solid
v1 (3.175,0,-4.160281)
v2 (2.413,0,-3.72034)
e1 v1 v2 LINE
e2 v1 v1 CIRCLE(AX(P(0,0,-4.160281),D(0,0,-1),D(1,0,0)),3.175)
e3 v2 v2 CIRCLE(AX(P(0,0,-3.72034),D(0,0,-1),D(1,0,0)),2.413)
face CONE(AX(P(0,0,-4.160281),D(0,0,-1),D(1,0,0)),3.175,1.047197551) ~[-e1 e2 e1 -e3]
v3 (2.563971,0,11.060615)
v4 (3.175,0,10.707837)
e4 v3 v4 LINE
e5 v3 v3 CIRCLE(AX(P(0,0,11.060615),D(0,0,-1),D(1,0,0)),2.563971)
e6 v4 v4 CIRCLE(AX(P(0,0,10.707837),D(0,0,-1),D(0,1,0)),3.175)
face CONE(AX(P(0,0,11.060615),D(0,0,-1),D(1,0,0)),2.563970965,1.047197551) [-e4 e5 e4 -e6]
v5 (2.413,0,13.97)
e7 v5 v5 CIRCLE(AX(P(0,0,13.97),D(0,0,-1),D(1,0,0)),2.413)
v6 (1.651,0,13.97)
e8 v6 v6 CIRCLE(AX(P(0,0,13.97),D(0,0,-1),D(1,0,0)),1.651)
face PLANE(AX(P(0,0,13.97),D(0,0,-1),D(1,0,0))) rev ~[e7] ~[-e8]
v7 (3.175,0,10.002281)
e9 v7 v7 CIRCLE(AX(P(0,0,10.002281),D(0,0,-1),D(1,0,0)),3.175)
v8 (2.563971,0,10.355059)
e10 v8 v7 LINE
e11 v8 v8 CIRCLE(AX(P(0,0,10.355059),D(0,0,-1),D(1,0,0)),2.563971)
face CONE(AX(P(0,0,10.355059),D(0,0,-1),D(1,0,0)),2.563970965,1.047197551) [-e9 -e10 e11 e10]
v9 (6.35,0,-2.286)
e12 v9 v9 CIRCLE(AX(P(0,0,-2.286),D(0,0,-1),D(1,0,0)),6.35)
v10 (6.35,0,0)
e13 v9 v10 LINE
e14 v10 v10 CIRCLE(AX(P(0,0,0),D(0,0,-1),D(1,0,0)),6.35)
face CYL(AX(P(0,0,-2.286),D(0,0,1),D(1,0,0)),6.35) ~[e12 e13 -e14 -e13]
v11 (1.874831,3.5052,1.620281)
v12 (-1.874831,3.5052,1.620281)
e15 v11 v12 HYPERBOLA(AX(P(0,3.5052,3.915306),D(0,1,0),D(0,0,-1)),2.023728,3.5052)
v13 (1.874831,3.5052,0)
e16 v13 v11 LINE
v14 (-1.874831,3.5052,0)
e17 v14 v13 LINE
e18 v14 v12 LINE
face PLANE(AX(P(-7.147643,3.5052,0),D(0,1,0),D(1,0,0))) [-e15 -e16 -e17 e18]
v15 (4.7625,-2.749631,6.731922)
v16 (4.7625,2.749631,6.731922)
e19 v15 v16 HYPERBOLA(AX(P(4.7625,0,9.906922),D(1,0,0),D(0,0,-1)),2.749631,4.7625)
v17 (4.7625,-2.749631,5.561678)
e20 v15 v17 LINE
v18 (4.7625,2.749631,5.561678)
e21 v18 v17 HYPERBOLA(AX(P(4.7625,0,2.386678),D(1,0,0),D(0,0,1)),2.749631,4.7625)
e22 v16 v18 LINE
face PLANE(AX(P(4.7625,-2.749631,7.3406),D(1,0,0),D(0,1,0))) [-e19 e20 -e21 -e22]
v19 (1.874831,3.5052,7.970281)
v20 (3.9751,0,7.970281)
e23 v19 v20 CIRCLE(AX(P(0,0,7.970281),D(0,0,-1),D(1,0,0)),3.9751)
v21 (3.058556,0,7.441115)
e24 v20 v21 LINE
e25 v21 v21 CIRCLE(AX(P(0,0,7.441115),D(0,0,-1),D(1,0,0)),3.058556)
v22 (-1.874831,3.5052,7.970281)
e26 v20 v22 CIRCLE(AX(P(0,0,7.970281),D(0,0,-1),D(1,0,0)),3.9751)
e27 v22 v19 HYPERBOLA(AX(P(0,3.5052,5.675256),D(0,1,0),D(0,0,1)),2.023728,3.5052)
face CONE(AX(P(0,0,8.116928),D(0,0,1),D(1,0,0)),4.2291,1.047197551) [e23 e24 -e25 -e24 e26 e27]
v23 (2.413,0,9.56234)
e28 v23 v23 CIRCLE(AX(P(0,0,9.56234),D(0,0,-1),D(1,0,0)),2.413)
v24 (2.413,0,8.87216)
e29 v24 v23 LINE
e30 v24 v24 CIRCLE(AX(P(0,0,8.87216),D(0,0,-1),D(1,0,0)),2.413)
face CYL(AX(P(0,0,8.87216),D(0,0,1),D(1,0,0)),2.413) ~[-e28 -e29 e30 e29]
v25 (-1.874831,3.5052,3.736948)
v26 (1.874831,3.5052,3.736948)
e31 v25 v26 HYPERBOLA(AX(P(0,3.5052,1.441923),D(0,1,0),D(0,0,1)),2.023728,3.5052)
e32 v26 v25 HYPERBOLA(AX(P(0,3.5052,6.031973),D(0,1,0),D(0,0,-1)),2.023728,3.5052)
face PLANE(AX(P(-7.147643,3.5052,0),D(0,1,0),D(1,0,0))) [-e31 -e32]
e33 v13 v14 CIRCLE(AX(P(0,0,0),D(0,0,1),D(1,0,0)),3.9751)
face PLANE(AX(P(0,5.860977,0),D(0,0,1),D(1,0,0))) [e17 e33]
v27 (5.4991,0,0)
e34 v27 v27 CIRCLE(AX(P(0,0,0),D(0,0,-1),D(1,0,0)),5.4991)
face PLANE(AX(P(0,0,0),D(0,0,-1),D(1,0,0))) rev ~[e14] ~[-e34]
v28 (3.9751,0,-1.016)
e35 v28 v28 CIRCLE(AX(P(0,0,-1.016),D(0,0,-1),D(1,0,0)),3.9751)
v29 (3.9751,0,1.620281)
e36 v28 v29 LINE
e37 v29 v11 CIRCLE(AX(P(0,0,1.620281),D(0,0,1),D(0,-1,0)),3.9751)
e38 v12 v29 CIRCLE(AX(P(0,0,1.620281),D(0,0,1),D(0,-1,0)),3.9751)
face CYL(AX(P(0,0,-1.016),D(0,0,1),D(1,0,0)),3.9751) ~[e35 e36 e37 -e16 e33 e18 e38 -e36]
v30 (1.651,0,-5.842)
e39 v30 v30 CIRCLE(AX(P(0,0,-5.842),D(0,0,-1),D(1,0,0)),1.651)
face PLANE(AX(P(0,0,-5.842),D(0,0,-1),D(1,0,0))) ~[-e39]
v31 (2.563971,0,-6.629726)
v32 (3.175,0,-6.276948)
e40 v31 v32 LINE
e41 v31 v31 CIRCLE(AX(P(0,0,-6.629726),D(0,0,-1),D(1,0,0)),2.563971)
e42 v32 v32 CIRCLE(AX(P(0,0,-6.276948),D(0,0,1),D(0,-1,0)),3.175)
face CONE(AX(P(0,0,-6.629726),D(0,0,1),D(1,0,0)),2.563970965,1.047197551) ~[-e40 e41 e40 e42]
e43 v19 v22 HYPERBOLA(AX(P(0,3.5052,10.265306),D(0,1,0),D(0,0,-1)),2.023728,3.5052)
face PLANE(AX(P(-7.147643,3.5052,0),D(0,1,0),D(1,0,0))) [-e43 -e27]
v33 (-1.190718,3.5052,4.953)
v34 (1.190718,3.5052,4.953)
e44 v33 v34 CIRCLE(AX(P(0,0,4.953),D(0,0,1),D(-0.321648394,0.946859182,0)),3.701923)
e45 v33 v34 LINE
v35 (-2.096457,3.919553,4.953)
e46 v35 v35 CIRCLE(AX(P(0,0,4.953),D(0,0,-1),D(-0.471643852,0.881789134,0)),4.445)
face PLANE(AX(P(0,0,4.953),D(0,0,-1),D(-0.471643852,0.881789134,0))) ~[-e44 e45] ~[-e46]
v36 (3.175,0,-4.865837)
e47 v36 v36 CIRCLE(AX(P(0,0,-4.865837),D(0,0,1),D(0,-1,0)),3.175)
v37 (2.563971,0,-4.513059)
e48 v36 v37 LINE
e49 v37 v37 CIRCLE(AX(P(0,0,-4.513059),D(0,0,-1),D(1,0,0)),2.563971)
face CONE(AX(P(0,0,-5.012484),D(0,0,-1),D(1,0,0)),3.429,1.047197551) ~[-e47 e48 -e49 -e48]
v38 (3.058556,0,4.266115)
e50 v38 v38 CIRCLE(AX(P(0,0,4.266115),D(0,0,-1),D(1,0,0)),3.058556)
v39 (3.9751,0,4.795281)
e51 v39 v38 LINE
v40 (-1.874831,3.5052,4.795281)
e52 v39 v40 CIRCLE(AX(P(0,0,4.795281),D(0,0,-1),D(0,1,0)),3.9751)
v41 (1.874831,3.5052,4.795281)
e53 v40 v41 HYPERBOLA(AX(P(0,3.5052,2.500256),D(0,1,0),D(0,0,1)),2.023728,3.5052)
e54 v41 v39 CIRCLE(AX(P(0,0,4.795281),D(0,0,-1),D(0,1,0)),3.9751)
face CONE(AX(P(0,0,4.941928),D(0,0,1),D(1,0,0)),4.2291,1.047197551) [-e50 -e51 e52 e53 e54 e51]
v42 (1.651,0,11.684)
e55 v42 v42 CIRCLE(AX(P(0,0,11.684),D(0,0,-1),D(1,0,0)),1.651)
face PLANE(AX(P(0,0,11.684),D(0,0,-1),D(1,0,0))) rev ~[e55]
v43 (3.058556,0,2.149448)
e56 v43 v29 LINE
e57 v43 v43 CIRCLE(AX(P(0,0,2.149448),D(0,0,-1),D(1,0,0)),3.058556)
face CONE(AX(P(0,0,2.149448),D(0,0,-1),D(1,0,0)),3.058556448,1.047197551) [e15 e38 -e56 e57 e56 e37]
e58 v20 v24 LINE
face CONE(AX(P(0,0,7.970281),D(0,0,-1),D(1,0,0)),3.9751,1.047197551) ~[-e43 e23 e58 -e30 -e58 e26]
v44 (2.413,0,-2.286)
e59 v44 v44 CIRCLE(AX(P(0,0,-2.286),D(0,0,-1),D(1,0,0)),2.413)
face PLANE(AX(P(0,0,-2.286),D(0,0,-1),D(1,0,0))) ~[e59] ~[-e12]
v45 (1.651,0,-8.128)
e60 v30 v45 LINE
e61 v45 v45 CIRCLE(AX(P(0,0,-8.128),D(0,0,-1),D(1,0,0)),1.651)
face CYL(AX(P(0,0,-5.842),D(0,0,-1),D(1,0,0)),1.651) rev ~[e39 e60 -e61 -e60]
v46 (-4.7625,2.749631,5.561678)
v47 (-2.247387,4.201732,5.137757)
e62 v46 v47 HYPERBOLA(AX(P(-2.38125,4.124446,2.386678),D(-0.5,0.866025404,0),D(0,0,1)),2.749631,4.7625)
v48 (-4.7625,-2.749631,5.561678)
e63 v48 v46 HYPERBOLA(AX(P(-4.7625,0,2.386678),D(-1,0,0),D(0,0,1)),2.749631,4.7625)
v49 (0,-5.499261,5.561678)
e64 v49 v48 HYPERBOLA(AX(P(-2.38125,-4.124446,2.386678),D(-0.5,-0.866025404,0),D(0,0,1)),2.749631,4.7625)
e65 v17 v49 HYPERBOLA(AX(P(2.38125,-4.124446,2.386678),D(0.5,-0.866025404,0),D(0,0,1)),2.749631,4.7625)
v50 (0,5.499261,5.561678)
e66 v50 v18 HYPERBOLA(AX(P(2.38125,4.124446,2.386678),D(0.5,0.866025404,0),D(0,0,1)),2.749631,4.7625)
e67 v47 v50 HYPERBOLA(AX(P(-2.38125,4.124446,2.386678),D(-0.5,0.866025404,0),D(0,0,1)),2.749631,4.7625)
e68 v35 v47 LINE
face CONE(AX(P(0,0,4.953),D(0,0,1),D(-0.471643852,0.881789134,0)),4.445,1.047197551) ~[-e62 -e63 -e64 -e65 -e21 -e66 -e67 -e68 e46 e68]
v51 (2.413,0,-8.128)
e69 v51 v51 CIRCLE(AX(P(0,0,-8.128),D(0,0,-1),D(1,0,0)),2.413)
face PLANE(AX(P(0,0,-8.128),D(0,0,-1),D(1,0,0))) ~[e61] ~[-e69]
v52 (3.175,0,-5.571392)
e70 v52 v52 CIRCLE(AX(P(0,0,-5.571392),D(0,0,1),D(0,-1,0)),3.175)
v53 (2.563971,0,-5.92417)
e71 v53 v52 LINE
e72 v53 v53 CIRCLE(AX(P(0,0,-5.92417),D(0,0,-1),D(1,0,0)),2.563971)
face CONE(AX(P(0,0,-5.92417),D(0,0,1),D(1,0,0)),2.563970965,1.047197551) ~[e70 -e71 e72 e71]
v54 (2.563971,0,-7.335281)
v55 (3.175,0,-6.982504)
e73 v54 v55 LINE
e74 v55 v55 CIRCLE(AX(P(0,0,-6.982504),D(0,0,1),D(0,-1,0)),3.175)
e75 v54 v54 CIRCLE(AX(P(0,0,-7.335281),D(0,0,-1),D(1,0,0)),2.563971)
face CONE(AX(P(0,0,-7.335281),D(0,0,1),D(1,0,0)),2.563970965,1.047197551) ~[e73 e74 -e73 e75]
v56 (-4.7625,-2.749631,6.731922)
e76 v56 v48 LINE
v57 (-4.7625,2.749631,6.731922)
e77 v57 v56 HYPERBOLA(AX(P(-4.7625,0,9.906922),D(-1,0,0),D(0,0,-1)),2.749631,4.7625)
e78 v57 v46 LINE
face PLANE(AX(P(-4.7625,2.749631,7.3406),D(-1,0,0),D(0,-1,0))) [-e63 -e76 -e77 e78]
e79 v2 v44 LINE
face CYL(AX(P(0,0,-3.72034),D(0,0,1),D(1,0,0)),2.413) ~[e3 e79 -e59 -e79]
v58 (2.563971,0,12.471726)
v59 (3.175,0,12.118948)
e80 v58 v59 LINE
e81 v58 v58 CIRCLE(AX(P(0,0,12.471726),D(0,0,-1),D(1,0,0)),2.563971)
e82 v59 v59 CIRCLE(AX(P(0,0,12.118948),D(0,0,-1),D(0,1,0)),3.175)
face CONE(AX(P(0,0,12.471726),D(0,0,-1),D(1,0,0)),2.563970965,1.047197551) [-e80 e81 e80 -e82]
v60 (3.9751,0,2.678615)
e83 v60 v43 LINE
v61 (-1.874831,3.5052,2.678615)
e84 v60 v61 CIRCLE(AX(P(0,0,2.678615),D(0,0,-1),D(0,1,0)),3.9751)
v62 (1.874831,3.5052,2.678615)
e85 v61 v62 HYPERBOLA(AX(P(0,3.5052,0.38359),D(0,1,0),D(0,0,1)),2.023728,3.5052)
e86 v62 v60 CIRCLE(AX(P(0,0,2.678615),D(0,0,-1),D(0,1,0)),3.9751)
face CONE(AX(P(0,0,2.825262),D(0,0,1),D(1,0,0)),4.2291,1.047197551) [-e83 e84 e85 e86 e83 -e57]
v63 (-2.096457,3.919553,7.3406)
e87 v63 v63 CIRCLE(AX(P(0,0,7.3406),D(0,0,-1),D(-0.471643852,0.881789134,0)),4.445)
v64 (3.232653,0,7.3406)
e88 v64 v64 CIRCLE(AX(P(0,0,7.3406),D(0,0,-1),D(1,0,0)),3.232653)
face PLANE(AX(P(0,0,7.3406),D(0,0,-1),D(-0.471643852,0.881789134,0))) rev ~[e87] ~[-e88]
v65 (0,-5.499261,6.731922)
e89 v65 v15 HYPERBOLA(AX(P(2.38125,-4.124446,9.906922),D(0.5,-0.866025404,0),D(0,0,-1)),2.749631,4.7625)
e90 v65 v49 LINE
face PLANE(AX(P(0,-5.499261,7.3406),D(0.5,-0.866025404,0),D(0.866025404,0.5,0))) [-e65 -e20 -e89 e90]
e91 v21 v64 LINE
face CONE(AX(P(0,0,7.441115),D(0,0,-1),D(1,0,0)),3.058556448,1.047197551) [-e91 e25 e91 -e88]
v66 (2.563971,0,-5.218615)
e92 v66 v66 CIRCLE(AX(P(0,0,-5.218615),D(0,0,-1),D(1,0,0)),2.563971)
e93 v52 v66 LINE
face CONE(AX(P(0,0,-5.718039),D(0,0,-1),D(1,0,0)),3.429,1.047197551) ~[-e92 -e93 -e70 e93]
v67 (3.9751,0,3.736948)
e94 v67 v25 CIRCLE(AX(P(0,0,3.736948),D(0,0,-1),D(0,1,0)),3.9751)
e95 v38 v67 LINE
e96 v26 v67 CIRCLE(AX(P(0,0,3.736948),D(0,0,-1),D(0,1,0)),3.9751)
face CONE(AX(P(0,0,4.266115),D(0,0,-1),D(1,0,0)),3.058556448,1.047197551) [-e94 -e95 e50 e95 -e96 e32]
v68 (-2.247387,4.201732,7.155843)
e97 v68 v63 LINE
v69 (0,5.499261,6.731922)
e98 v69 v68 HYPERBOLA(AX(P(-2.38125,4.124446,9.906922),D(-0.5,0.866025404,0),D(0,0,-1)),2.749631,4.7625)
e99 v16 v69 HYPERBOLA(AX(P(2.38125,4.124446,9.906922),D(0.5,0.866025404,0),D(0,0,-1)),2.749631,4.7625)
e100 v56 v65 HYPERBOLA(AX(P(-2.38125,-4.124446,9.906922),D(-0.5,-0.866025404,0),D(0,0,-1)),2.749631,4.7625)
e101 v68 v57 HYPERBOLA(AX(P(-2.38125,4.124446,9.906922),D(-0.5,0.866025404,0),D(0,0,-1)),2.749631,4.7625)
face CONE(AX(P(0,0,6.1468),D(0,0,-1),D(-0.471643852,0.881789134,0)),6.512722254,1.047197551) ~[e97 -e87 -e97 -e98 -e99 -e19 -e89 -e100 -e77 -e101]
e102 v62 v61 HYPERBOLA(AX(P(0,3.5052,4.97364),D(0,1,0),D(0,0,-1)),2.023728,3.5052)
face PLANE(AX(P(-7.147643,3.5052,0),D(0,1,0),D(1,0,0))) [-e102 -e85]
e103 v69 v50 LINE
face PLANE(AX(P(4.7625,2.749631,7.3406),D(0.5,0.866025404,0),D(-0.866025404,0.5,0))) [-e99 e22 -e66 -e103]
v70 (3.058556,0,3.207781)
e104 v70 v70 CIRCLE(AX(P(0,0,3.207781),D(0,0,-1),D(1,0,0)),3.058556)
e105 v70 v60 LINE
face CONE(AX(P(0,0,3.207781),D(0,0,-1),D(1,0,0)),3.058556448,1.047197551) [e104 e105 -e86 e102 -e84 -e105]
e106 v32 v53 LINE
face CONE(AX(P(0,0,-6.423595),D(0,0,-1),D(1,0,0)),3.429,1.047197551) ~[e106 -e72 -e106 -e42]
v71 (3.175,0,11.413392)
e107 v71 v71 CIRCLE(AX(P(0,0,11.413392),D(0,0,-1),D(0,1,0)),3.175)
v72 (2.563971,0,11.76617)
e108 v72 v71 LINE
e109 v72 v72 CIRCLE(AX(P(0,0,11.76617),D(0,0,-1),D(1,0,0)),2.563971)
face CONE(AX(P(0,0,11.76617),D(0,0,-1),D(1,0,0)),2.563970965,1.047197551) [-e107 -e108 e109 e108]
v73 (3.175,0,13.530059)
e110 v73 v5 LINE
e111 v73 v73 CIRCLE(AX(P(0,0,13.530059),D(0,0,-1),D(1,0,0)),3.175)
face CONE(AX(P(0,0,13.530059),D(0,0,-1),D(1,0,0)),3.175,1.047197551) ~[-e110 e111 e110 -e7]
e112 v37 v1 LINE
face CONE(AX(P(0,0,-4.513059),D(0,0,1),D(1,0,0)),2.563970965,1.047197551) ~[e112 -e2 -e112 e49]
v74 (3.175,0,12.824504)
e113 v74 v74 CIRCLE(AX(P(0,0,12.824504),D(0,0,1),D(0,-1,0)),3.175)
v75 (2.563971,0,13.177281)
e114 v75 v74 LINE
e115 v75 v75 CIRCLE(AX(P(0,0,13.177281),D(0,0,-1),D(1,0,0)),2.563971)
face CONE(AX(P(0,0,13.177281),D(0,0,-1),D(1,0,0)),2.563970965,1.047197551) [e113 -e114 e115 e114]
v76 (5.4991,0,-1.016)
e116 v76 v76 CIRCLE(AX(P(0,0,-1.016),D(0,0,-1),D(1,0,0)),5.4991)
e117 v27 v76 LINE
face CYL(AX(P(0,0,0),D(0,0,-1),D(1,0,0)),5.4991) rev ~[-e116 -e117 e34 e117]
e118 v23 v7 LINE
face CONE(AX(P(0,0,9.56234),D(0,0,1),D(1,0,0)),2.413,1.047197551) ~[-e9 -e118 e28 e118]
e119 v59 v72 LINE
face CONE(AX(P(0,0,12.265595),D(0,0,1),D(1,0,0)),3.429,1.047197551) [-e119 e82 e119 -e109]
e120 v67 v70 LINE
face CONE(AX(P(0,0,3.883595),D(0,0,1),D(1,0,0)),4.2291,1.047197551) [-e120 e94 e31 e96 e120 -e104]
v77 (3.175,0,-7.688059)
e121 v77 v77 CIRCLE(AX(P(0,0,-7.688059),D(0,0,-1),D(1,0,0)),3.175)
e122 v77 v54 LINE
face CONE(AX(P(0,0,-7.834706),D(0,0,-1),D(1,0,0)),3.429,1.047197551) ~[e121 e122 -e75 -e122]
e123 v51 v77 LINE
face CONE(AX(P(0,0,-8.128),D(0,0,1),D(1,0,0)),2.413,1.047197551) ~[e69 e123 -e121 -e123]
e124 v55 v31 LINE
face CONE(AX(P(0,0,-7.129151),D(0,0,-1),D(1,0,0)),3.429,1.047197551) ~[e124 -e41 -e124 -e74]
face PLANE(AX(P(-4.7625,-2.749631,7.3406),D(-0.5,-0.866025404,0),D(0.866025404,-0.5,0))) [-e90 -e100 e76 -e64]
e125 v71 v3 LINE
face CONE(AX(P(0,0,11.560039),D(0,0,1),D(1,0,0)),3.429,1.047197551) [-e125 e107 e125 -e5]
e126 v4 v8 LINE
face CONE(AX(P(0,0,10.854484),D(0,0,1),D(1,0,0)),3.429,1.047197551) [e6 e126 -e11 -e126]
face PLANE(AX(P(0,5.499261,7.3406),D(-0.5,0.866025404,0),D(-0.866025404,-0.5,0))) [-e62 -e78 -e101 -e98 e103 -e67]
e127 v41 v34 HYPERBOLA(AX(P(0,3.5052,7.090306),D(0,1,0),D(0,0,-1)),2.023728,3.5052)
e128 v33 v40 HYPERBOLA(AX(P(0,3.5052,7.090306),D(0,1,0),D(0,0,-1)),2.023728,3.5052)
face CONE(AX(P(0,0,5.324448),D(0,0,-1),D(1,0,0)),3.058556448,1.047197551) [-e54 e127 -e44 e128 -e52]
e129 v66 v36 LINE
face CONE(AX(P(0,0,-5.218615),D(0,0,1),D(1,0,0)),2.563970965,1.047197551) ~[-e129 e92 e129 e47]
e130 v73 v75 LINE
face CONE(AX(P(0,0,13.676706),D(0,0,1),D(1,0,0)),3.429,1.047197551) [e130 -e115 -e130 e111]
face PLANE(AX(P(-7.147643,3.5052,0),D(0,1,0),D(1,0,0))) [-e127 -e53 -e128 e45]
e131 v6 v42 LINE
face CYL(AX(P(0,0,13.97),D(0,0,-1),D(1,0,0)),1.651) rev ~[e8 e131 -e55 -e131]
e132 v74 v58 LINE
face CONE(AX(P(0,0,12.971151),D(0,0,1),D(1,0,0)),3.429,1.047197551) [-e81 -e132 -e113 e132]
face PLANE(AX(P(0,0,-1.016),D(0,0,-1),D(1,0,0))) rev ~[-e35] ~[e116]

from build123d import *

# Parameters (mm, degrees)
LPATTERN1_COUNT    = 5
LPATTERN1_PITCH    = 0.705555556
LPATTERN2_COUNT    = 5
LPATTERN2_PITCH    = 0.705555556
LPATTERN3_COUNT    = 6
LPATTERN3_PITCH    = 1.058333333
SKETCH5_W          = 14.29528521
SKETCH5_H          = 4.711554676
CUT_EXTRUDE1_DEPTH = 17.607404975
SKETCH7_OUTSIDE_W  = 20.78
SKETCH7_OUTSIDE_H  = 20.78
CUT_EXTRUDE2_DEPTH = 2.54


with BuildPart() as part:
    # Sketch1 → Revolve1 (revolve)
    with BuildSketch(Plane(origin=(0, 0, 0), x_dir=(0, 0, -1), z_dir=(1, 0, 0)), mode=Mode.PRIVATE) as revolve1_sk:
        Polygon((-11.684, 0), (5.842, 0), (5.842, 1.651), (8.128, 1.651), (8.128, 2.413), (7.688059095, 3.175), (4.160281317, 3.175), (3.720340412, 2.413), (2.286, 2.413), (2.286, 6.35), (0, 6.35), (0, 5.4991), (1.016, 5.4991), (1.016, 3.9751), (-7.970281317, 3.9751), (-8.872160173, 2.413), (-9.562340412, 2.413), (-10.002281317, 3.175), (-13.530059095, 3.175), (-13.97, 2.413), (-13.97, 1.651), (-11.684, 1.651), align=None)
    revolve(revolve1_sk.sketch.rotate(Axis((0, 0, -16.242320186), (0, 0, -1)), 90), axis=Axis((0, 0, -16.242320186), (0, 0, -1)))

    # Sketch2 → Cut-Revolve1 (revolve, cut)
    with BuildSketch(Plane(origin=(0, 0, 0), x_dir=(0, 0, -1), z_dir=(1, 0, 0)), mode=Mode.PRIVATE) as cut_revolve1_sk:
        Polygon((7.834706063, 3.429), (7.335281317, 2.563970965), (6.835856571, 3.429), align=None)
    cut_revolve1 = revolve(cut_revolve1_sk.sketch.rotate(Axis((0, 0, 15.0749), (0, 0, -1)), 90), axis=Axis((0, 0, 15.0749), (0, 0, -1)), mode=Mode.SUBTRACT)

    # LPattern1: Cut-Revolve1 ×5
    with Locations(*[(0, 0, i * LPATTERN1_PITCH) for i in range(1, LPATTERN1_COUNT)]):
        add(cut_revolve1, mode=Mode.SUBTRACT)

    # Sketch3 → Cut-Revolve2 (revolve, cut)
    with BuildSketch(Plane(origin=(0, 0, 0), x_dir=(0, 0, -1), z_dir=(1, 0, 0)), mode=Mode.PRIVATE) as cut_revolve2_sk:
        Polygon((-13.177281317, 2.563970965), (-12.677856571, 3.429), (-13.676706063, 3.429), align=None)
    cut_revolve2 = revolve(cut_revolve2_sk.sketch.rotate(Axis((0, 0, 15.0749), (0, 0, -1)), 90), axis=Axis((0, 0, 15.0749), (0, 0, -1)), mode=Mode.SUBTRACT)

    # LPattern2: Cut-Revolve2 ×5
    with Locations(*[(0, 0, -i * LPATTERN2_PITCH) for i in range(1, LPATTERN2_COUNT)]):
        add(cut_revolve2, mode=Mode.SUBTRACT)

    # Sketch4 → Cut-Revolve3 (revolve, cut)
    with BuildSketch(Plane(origin=(0, 0, 0), x_dir=(0, 0, -1), z_dir=(1, 0, 0)), mode=Mode.PRIVATE) as cut_revolve3_sk:
        Polygon((-7.44111465, 3.058556448), (-6.765301015, 4.2291), (-8.116928285, 4.2291), align=None)
    cut_revolve3 = revolve(cut_revolve3_sk.sketch.rotate(Axis((0, 0, 15.0749), (0, 0, -1)), 90), axis=Axis((0, 0, 15.0749), (0, 0, -1)), mode=Mode.SUBTRACT)

    # LPattern3: Cut-Revolve3 ×6
    with Locations(*[(0, 0, -i * LPATTERN3_PITCH) for i in range(1, LPATTERN3_COUNT)]):
        add(cut_revolve3, mode=Mode.SUBTRACT)

    # Sketch5 → Cut-Extrude1 (cut, through all)
    with BuildSketch(Plane.XY):
        with Locations((0, 5.860977338)):
            Rectangle(SKETCH5_W, SKETCH5_H)
    extrude(amount=CUT_EXTRUDE1_DEPTH, mode=Mode.SUBTRACT)

    # Sketch6 → Revolve2 (revolve)
    with BuildSketch(Plane(origin=(0, 0, 0), x_dir=(0, 0, -1), z_dir=(1, 0, 0)), mode=Mode.PRIVATE) as revolve2_sk:
        Polygon((-4.953, 1.294193357), (-4.953, 4.445), (-6.1468, 6.512722254), (-7.3406, 4.445), (-7.3406, 1.294193357), align=None)
    revolve(revolve2_sk.sketch.rotate(Axis((0, 0, 19.844161095), (0, 0, -1)), 331.858944442), axis=Axis((0, 0, 19.844161095), (0, 0, -1)))

    # Sketch7 outside → Cut-Extrude2 (cut)
    with BuildSketch(Plane.XY.offset(7.3406)):
        Rectangle(SKETCH7_OUTSIDE_W, SKETCH7_OUTSIDE_H)
        Polygon((0, 5.499261314), (-4.7625, 2.749630657), (-4.7625, -2.749630657), (0, -5.499261314), (4.7625, -2.749630657), (4.7625, 2.749630657), align=None, mode=Mode.SUBTRACT)
    extrude(amount=-CUT_EXTRUDE2_DEPTH, mode=Mode.SUBTRACT)


solid = part.part
